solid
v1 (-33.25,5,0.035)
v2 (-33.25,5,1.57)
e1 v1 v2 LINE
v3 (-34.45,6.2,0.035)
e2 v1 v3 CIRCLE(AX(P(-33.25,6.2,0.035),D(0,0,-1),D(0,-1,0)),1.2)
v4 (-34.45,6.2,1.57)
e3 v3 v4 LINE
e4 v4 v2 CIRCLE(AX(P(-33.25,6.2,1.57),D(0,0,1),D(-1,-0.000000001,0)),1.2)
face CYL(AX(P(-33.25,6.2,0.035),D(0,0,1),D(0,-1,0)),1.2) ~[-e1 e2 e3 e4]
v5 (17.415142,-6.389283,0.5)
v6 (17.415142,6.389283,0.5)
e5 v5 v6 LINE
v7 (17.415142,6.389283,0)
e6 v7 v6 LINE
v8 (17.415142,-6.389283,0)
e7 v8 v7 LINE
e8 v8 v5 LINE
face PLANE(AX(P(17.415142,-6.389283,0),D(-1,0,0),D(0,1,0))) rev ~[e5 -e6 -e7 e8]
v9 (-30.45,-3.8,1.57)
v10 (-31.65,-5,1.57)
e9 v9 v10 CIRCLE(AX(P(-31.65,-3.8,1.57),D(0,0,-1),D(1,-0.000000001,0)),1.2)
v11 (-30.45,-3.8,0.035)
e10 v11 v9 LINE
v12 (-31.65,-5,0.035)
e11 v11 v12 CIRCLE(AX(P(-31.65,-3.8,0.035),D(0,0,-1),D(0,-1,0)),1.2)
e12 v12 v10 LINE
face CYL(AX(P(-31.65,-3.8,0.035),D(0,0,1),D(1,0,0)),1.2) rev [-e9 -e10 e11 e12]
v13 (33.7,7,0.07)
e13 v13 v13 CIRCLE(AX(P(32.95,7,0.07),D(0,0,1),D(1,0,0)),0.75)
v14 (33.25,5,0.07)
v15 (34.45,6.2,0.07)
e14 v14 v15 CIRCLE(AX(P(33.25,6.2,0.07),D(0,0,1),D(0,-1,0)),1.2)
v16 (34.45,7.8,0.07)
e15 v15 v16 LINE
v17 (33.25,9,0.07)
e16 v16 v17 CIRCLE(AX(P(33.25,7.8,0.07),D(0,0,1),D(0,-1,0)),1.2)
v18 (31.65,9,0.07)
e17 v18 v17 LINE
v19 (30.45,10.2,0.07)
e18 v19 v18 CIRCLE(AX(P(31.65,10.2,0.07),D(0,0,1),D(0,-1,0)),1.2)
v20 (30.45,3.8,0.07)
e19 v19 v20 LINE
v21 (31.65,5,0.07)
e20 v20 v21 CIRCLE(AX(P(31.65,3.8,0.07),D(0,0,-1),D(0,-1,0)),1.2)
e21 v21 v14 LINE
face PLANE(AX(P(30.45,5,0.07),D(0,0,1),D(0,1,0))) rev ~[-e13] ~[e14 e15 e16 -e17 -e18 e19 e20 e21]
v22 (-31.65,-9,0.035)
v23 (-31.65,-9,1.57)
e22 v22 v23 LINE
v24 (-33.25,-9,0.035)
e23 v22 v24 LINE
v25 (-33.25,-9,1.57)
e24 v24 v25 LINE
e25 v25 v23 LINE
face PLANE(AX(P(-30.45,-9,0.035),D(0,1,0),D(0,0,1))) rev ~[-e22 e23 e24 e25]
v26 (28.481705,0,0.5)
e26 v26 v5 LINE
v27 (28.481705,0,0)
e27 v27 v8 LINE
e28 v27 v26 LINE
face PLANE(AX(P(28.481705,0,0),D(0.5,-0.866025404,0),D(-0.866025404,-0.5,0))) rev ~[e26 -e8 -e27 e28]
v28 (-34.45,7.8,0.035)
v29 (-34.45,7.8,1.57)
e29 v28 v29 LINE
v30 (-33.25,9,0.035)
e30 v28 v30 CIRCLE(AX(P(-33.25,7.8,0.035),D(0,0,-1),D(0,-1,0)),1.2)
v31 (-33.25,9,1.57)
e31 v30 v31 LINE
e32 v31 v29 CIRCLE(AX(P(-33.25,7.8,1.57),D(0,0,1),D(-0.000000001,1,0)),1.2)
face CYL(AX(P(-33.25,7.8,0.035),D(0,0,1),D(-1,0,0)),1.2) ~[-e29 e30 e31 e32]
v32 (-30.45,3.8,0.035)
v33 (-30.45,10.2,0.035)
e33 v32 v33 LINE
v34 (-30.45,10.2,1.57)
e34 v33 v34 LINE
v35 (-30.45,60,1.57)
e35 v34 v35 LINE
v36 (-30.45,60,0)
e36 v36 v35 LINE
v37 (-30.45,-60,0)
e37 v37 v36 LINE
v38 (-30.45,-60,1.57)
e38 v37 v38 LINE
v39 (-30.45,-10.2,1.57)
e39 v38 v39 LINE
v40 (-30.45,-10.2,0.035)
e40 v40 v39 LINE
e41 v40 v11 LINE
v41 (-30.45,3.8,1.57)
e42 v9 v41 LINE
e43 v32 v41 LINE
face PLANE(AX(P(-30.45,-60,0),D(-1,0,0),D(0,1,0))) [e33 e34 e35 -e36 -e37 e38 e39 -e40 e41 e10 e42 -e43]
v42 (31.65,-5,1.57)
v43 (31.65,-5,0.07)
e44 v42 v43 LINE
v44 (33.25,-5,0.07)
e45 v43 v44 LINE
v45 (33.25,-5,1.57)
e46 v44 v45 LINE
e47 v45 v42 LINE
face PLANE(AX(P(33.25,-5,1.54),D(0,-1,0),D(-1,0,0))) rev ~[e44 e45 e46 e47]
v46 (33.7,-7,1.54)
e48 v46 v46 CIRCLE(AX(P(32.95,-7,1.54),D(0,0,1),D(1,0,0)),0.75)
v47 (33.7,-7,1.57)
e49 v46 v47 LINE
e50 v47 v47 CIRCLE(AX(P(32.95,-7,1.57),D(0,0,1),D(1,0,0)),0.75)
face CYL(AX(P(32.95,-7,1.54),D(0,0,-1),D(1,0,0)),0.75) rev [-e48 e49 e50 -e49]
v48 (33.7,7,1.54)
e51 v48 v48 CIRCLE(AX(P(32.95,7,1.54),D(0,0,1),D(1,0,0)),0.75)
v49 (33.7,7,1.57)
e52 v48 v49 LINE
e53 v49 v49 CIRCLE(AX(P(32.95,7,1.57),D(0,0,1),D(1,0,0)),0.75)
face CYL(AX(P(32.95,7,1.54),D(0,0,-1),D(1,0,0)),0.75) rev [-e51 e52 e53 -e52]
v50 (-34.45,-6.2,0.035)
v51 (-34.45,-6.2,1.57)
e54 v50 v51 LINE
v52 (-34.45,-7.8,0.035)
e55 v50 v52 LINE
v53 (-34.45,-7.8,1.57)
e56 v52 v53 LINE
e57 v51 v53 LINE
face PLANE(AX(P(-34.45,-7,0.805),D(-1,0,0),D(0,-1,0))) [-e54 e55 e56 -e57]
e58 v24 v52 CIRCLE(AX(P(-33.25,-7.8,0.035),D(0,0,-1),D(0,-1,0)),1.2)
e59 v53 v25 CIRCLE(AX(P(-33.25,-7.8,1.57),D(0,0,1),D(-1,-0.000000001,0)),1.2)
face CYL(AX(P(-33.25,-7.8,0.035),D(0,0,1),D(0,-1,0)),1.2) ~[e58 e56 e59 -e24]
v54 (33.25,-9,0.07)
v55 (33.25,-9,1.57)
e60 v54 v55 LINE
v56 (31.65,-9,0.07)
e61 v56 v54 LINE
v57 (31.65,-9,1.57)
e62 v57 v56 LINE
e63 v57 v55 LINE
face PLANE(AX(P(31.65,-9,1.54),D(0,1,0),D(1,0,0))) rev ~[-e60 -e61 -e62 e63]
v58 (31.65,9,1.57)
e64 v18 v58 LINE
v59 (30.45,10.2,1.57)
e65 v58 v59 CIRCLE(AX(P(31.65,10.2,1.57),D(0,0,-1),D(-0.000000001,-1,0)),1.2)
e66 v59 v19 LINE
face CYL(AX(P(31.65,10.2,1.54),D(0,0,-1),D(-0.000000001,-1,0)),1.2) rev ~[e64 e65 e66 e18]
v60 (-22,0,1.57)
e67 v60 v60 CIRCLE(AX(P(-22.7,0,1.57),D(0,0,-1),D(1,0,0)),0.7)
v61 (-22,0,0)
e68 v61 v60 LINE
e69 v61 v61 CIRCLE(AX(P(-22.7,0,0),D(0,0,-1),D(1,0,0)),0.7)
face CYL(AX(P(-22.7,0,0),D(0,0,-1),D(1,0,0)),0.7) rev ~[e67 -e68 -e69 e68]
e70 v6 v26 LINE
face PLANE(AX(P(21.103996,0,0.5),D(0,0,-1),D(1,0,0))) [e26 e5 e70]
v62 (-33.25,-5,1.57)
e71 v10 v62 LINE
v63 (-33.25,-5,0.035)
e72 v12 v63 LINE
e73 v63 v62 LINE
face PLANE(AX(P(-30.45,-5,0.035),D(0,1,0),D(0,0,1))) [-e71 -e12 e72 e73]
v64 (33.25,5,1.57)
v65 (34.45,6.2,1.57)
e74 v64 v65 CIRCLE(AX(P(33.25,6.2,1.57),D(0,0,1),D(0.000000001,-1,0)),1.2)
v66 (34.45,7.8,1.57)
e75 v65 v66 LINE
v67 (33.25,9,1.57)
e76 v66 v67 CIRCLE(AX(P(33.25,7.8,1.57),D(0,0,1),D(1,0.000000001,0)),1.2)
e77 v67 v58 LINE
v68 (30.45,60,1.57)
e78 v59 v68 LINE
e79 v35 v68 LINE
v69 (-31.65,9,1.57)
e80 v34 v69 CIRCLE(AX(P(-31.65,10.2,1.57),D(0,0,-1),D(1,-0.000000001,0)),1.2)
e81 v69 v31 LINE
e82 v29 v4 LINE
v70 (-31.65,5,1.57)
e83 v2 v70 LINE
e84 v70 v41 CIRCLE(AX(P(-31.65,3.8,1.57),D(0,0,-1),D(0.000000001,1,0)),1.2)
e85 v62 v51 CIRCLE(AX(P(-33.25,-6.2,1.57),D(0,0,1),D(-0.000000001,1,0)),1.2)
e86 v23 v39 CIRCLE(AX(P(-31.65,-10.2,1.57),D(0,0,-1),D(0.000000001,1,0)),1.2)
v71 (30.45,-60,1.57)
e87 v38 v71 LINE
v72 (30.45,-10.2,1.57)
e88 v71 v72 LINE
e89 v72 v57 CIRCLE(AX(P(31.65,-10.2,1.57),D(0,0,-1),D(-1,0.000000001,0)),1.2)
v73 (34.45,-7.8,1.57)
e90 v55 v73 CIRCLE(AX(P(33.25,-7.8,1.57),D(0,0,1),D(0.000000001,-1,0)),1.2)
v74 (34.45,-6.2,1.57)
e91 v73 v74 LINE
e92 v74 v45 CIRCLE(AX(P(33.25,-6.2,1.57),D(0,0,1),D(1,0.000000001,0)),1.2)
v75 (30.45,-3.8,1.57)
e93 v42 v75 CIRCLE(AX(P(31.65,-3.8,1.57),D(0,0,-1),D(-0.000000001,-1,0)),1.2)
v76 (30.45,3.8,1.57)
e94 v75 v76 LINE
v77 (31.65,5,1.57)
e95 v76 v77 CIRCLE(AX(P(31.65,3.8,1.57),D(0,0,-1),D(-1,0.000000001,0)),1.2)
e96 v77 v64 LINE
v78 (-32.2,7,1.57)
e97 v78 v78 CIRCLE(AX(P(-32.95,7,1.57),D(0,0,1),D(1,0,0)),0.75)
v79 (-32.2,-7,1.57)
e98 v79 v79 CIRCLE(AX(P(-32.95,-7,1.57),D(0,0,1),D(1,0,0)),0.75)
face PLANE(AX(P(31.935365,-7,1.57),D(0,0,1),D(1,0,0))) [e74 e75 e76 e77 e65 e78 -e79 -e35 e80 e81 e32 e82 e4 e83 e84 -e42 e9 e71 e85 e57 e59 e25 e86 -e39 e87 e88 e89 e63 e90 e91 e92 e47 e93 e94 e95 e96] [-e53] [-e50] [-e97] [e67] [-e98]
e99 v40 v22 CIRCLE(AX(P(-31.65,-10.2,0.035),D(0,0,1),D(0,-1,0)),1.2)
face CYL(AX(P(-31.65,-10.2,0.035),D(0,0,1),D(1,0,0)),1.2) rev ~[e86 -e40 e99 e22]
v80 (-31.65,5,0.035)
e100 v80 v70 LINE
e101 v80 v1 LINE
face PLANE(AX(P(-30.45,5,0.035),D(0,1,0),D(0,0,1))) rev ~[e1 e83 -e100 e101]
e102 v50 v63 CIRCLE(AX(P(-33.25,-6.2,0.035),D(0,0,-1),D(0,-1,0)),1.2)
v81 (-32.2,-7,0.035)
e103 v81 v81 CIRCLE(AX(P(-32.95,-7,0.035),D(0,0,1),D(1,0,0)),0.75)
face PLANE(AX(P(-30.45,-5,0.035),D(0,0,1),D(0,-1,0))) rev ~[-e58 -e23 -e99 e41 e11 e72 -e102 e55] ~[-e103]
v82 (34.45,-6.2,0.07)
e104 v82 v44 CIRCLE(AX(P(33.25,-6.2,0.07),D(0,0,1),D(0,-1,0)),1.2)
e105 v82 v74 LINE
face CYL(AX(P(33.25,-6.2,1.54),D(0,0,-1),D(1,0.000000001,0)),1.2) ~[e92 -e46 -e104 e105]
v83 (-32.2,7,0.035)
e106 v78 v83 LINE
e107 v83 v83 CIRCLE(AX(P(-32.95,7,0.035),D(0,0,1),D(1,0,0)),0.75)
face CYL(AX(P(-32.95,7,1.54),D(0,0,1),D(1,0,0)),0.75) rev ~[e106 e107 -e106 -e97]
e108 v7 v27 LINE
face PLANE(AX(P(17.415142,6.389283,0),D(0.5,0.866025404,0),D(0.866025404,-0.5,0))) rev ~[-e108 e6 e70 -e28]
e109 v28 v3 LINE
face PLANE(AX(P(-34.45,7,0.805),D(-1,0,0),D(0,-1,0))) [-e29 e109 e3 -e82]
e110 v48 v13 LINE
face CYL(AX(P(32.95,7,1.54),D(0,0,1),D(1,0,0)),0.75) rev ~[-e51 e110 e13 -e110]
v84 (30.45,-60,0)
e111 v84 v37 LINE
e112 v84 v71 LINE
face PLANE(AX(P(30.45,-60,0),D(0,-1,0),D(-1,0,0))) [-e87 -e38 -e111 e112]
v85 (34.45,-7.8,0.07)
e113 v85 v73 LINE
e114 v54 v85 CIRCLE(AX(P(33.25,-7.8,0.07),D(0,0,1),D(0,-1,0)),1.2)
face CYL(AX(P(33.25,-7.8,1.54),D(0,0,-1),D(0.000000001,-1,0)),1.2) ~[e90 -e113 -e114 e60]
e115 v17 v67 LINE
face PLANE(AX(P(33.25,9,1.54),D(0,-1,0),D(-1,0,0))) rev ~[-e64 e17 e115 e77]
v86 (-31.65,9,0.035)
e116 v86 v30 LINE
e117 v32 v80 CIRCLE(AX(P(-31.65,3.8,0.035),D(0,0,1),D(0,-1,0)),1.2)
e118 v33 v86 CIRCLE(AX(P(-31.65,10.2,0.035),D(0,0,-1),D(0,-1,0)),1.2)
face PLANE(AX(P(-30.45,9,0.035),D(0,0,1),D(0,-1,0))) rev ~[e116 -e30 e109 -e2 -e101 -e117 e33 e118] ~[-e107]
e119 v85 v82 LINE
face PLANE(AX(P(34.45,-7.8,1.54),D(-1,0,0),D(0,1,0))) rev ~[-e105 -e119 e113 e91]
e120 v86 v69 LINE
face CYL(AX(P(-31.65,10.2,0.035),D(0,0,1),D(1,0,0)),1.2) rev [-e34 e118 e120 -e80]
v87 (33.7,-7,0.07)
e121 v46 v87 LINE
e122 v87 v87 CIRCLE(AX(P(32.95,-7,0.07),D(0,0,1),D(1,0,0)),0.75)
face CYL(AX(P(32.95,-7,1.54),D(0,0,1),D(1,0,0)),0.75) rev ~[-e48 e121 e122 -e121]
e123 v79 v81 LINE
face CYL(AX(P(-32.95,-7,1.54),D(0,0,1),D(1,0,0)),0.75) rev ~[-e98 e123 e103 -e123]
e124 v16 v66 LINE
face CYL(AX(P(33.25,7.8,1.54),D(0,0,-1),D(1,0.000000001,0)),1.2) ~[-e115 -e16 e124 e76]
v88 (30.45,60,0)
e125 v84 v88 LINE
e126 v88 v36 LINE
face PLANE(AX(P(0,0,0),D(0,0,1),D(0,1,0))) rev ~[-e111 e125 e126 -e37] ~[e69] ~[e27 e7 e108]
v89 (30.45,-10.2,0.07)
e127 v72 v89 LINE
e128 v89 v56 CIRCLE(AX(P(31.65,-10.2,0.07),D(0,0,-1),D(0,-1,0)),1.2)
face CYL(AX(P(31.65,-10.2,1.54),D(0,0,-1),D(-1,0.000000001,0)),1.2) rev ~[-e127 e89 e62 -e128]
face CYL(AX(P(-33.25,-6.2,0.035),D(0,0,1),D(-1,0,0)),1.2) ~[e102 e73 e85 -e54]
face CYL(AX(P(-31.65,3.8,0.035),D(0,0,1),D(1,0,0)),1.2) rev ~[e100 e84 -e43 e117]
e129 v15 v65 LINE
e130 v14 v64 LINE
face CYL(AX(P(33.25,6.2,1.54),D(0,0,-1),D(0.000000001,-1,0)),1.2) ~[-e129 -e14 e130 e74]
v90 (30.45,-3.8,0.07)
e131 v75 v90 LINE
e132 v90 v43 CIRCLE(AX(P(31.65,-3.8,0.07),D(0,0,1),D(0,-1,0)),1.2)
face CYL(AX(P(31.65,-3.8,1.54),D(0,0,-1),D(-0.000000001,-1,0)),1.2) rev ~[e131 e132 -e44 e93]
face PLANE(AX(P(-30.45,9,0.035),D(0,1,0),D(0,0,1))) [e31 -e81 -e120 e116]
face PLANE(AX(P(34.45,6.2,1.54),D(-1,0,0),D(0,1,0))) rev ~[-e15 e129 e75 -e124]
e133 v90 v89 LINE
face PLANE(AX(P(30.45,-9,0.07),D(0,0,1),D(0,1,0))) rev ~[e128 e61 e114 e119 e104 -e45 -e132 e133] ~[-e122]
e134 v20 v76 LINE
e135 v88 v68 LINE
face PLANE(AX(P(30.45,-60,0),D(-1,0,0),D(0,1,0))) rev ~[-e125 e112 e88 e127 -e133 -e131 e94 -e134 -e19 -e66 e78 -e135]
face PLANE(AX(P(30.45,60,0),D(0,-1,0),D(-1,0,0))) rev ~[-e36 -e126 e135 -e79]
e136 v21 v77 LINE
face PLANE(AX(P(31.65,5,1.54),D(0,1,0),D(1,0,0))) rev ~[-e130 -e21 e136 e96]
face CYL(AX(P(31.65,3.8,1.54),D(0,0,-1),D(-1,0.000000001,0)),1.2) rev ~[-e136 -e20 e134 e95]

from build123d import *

# Parameters (mm, degrees)
SKETCH1_W               = 120
SKETCH1_H               = 60.9
BOSS_EXTRUDE1_DEPTH     = 1.61
CUT_EXTRUDE1_DEPTH      = 0.5
SKETCH3_W               = 4
SKETCH3_H               = 1.54
BOSS_EXTRUDE2_DEPTH     = 4
SKETCH5_W               = 4
SKETCH5_H               = 1.47
BOSS_EXTRUDE3_DEPTH     = 4
SKETCH7_R               = 0.75
CUT_EXTRUDE3_DEPTH      = 1.07
CUT_EXTRUDE3_DEPTH_BACK = 2.54
FILLET1_R               = 1.2
FILLET2_R               = 1.2
SKETCH8_R               = 0.7
CUT_EXTRUDE4_DEPTH      = 2.61
SKETCH13_W              = 60.9
SKETCH13_H              = 120
CUT_EXTRUDE5_DEPTH      = 0.04
SKETCH14_R              = 0.75
BOSS_EXTRUDE4_DEPTH     = 0.03
SKETCH15_R              = 0.75
CUT_EXTRUDE6_DEPTH      = 0.005


with BuildPart() as part:
    # Sketch1 → Boss-Extrude1 (new body)
    with BuildSketch(Plane(origin=(0, 0, 0), x_dir=(0, 1, 0), z_dir=(0, 0, 1))):
        Rectangle(SKETCH1_W, SKETCH1_H)
    extrude(amount=BOSS_EXTRUDE1_DEPTH)

    # Sketch2 → Cut-Extrude1 (cut)
    with BuildSketch(Plane(origin=(0, 0, 0), x_dir=(1, 0, 0), z_dir=(0, 0, -1))):
        Polygon((28.481704711, 0), (17.415141609, 6.389283186), (17.415141609, -6.389283186), align=None)
    extrude(amount=-CUT_EXTRUDE1_DEPTH, mode=Mode.SUBTRACT)

    # Sketch3 → Boss-Extrude2 (add)
    with BuildSketch(Plane(origin=(-30.45, 0, 0), x_dir=(0, -1, 0), z_dir=(-1, 0, 0))):
        with Locations((-7, 0.805)):
            Rectangle(SKETCH3_W, SKETCH3_H)
        with Locations((7, 0.805)):
            Rectangle(SKETCH3_W, SKETCH3_H)
    extrude(amount=BOSS_EXTRUDE2_DEPTH)

    # Sketch5 → Boss-Extrude3 (add)
    with BuildSketch(Plane.YZ.offset(30.45)):
        with Locations((7, 0.805)):
            Rectangle(SKETCH5_W, SKETCH5_H)
        with Locations((-7, 0.805)):
            Rectangle(SKETCH5_W, SKETCH5_H)
    extrude(amount=BOSS_EXTRUDE3_DEPTH)

    # Sketch7 → Cut-Extrude3 (cut, two sides)
    with BuildSketch(Plane.XY.offset(1.54)) as cut_extrude3_sk:
        with Locations((32.95, 7)):
            Circle(SKETCH7_R)
        with Locations((32.95, -7)):
            Circle(SKETCH7_R)
        with Locations((-32.95, -7)):
            Circle(SKETCH7_R)
        with Locations((-32.95, 7)):
            Circle(SKETCH7_R)
    extrude(amount=CUT_EXTRUDE3_DEPTH, mode=Mode.SUBTRACT)
    extrude(cut_extrude3_sk.sketch, amount=-CUT_EXTRUDE3_DEPTH_BACK, mode=Mode.SUBTRACT)

    # Fillet1
    fillet1_edges = [part.edges().sort_by_distance(p)[0] for p in [
        (-30.45, 5, 0.805),
        (-30.45, 9, 0.805),
        (-30.45, -9, 0.805),
        (-30.45, -5, 0.805),
        (30.45, 9, 0.805),
        (30.45, 5, 0.805),
        (30.45, -5, 0.805),
        (30.45, -9, 0.805),
    ]]
    fillet(fillet1_edges, radius=FILLET1_R)

    # Fillet2
    fillet2_edges = [part.edges().sort_by_distance(p)[0] for p in [
        (-34.45, 9, 0.805),
        (-34.45, 5, 0.805),
        (-34.45, -5, 0.805),
        (-34.45, -9, 0.805),
        (34.45, 5, 0.805),
        (34.45, 9, 0.805),
        (34.45, -9, 0.805),
        (34.45, -5, 0.805),
    ]]
    fillet(fillet2_edges, radius=FILLET2_R)

    # Sketch8 → Cut-Extrude4 (cut, through all)
    with BuildSketch(Plane(origin=(0, 0, 0), x_dir=(1, 0, 0), z_dir=(0, 0, -1))):
        with Locations((-22.7, 0)):
            Circle(SKETCH8_R)
    extrude(amount=-CUT_EXTRUDE4_DEPTH, mode=Mode.SUBTRACT)

    # Sketch13 → Cut-Extrude5 (cut)
    with BuildSketch(Plane.XY.offset(1.61)):
        Rectangle(SKETCH13_W, SKETCH13_H)
    extrude(amount=-CUT_EXTRUDE5_DEPTH, mode=Mode.SUBTRACT)

    # Sketch14 → Boss-Extrude4 (add)
    with BuildSketch(Plane.XY.offset(1.54)):
        with BuildLine():
            Line((31.65, -9), (33.25, -9))
            ThreePointArc((33.25, -9), (34.098528137, -8.648528137), (34.45, -7.8))
            Line((34.45, -7.8), (34.45, -6.2))
            ThreePointArc((34.45, -6.2), (34.098528137, -5.351471863), (33.25, -5))
            Line((33.25, -5), (31.65, -5))
            ThreePointArc((31.65, -5), (30.801471863, -4.648528137), (30.45, -3.8))
            Line((30.45, -3.8), (30.45, -10.2))
            ThreePointArc((30.45, -10.2), (30.801471863, -9.351471863), (31.65, -9))
        make_face()
        with Locations((32.95, -7)):
            Circle(SKETCH14_R, mode=Mode.SUBTRACT)
        with BuildLine():
            Line((34.45, 6.2), (34.45, 7.8))
            ThreePointArc((34.45, 7.8), (34.098528137, 8.648528137), (33.25, 9))
            Line((33.25, 9), (31.65, 9))
            ThreePointArc((31.65, 9), (30.801471863, 9.351471863), (30.45, 10.2))
            Line((30.45, 10.2), (30.45, 3.8))
            ThreePointArc((30.45, 3.8), (30.801471863, 4.648528137), (31.65, 5))
            Line((31.65, 5), (33.25, 5))
            ThreePointArc((33.25, 5), (34.098528137, 5.351471863), (34.45, 6.2))
        make_face()
        with Locations((32.95, 7)):
            Circle(SKETCH14_R, mode=Mode.SUBTRACT)
    extrude(amount=BOSS_EXTRUDE4_DEPTH)

    # Sketch15 → Cut-Extrude6 (cut)
    with BuildSketch(Plane.XY.offset(1.575)):
        with BuildLine():
            Line((-34.45, 7.8), (-34.45, 6.2))
            ThreePointArc((-34.45, 6.2), (-34.098528137, 5.351471863), (-33.25, 5))
            Line((-33.25, 5), (-31.65, 5))
            ThreePointArc((-31.65, 5), (-30.801471863, 4.648528137), (-30.45, 3.8))
            Line((-30.45, 3.8), (-30.45, 10.2))
            ThreePointArc((-30.45, 10.2), (-30.801471863, 9.351471863), (-31.65, 9))
            Line((-31.65, 9), (-33.25, 9))
            ThreePointArc((-33.25, 9), (-34.098528137, 8.648528137), (-34.45, 7.8))
        make_face()
        with Locations((-32.95, 7)):
            Circle(SKETCH15_R, mode=Mode.SUBTRACT)
        with BuildLine():
            Line((-34.45, -6.2), (-34.45, -7.8))
            ThreePointArc((-34.45, -7.8), (-34.098528137, -8.648528137), (-33.25, -9))
            Line((-33.25, -9), (-31.65, -9))
            ThreePointArc((-31.65, -9), (-30.801471863, -9.351471863), (-30.45, -10.2))
            Line((-30.45, -10.2), (-30.45, -3.8))
            ThreePointArc((-30.45, -3.8), (-30.801471863, -4.648528137), (-31.65, -5))
            Line((-31.65, -5), (-33.25, -5))
            ThreePointArc((-33.25, -5), (-34.098528137, -5.351471863), (-34.45, -6.2))
        make_face()
        with Locations((-32.95, -7)):
            Circle(SKETCH15_R, mode=Mode.SUBTRACT)
    extrude(amount=-CUT_EXTRUDE6_DEPTH, mode=Mode.SUBTRACT)


solid = part.part
